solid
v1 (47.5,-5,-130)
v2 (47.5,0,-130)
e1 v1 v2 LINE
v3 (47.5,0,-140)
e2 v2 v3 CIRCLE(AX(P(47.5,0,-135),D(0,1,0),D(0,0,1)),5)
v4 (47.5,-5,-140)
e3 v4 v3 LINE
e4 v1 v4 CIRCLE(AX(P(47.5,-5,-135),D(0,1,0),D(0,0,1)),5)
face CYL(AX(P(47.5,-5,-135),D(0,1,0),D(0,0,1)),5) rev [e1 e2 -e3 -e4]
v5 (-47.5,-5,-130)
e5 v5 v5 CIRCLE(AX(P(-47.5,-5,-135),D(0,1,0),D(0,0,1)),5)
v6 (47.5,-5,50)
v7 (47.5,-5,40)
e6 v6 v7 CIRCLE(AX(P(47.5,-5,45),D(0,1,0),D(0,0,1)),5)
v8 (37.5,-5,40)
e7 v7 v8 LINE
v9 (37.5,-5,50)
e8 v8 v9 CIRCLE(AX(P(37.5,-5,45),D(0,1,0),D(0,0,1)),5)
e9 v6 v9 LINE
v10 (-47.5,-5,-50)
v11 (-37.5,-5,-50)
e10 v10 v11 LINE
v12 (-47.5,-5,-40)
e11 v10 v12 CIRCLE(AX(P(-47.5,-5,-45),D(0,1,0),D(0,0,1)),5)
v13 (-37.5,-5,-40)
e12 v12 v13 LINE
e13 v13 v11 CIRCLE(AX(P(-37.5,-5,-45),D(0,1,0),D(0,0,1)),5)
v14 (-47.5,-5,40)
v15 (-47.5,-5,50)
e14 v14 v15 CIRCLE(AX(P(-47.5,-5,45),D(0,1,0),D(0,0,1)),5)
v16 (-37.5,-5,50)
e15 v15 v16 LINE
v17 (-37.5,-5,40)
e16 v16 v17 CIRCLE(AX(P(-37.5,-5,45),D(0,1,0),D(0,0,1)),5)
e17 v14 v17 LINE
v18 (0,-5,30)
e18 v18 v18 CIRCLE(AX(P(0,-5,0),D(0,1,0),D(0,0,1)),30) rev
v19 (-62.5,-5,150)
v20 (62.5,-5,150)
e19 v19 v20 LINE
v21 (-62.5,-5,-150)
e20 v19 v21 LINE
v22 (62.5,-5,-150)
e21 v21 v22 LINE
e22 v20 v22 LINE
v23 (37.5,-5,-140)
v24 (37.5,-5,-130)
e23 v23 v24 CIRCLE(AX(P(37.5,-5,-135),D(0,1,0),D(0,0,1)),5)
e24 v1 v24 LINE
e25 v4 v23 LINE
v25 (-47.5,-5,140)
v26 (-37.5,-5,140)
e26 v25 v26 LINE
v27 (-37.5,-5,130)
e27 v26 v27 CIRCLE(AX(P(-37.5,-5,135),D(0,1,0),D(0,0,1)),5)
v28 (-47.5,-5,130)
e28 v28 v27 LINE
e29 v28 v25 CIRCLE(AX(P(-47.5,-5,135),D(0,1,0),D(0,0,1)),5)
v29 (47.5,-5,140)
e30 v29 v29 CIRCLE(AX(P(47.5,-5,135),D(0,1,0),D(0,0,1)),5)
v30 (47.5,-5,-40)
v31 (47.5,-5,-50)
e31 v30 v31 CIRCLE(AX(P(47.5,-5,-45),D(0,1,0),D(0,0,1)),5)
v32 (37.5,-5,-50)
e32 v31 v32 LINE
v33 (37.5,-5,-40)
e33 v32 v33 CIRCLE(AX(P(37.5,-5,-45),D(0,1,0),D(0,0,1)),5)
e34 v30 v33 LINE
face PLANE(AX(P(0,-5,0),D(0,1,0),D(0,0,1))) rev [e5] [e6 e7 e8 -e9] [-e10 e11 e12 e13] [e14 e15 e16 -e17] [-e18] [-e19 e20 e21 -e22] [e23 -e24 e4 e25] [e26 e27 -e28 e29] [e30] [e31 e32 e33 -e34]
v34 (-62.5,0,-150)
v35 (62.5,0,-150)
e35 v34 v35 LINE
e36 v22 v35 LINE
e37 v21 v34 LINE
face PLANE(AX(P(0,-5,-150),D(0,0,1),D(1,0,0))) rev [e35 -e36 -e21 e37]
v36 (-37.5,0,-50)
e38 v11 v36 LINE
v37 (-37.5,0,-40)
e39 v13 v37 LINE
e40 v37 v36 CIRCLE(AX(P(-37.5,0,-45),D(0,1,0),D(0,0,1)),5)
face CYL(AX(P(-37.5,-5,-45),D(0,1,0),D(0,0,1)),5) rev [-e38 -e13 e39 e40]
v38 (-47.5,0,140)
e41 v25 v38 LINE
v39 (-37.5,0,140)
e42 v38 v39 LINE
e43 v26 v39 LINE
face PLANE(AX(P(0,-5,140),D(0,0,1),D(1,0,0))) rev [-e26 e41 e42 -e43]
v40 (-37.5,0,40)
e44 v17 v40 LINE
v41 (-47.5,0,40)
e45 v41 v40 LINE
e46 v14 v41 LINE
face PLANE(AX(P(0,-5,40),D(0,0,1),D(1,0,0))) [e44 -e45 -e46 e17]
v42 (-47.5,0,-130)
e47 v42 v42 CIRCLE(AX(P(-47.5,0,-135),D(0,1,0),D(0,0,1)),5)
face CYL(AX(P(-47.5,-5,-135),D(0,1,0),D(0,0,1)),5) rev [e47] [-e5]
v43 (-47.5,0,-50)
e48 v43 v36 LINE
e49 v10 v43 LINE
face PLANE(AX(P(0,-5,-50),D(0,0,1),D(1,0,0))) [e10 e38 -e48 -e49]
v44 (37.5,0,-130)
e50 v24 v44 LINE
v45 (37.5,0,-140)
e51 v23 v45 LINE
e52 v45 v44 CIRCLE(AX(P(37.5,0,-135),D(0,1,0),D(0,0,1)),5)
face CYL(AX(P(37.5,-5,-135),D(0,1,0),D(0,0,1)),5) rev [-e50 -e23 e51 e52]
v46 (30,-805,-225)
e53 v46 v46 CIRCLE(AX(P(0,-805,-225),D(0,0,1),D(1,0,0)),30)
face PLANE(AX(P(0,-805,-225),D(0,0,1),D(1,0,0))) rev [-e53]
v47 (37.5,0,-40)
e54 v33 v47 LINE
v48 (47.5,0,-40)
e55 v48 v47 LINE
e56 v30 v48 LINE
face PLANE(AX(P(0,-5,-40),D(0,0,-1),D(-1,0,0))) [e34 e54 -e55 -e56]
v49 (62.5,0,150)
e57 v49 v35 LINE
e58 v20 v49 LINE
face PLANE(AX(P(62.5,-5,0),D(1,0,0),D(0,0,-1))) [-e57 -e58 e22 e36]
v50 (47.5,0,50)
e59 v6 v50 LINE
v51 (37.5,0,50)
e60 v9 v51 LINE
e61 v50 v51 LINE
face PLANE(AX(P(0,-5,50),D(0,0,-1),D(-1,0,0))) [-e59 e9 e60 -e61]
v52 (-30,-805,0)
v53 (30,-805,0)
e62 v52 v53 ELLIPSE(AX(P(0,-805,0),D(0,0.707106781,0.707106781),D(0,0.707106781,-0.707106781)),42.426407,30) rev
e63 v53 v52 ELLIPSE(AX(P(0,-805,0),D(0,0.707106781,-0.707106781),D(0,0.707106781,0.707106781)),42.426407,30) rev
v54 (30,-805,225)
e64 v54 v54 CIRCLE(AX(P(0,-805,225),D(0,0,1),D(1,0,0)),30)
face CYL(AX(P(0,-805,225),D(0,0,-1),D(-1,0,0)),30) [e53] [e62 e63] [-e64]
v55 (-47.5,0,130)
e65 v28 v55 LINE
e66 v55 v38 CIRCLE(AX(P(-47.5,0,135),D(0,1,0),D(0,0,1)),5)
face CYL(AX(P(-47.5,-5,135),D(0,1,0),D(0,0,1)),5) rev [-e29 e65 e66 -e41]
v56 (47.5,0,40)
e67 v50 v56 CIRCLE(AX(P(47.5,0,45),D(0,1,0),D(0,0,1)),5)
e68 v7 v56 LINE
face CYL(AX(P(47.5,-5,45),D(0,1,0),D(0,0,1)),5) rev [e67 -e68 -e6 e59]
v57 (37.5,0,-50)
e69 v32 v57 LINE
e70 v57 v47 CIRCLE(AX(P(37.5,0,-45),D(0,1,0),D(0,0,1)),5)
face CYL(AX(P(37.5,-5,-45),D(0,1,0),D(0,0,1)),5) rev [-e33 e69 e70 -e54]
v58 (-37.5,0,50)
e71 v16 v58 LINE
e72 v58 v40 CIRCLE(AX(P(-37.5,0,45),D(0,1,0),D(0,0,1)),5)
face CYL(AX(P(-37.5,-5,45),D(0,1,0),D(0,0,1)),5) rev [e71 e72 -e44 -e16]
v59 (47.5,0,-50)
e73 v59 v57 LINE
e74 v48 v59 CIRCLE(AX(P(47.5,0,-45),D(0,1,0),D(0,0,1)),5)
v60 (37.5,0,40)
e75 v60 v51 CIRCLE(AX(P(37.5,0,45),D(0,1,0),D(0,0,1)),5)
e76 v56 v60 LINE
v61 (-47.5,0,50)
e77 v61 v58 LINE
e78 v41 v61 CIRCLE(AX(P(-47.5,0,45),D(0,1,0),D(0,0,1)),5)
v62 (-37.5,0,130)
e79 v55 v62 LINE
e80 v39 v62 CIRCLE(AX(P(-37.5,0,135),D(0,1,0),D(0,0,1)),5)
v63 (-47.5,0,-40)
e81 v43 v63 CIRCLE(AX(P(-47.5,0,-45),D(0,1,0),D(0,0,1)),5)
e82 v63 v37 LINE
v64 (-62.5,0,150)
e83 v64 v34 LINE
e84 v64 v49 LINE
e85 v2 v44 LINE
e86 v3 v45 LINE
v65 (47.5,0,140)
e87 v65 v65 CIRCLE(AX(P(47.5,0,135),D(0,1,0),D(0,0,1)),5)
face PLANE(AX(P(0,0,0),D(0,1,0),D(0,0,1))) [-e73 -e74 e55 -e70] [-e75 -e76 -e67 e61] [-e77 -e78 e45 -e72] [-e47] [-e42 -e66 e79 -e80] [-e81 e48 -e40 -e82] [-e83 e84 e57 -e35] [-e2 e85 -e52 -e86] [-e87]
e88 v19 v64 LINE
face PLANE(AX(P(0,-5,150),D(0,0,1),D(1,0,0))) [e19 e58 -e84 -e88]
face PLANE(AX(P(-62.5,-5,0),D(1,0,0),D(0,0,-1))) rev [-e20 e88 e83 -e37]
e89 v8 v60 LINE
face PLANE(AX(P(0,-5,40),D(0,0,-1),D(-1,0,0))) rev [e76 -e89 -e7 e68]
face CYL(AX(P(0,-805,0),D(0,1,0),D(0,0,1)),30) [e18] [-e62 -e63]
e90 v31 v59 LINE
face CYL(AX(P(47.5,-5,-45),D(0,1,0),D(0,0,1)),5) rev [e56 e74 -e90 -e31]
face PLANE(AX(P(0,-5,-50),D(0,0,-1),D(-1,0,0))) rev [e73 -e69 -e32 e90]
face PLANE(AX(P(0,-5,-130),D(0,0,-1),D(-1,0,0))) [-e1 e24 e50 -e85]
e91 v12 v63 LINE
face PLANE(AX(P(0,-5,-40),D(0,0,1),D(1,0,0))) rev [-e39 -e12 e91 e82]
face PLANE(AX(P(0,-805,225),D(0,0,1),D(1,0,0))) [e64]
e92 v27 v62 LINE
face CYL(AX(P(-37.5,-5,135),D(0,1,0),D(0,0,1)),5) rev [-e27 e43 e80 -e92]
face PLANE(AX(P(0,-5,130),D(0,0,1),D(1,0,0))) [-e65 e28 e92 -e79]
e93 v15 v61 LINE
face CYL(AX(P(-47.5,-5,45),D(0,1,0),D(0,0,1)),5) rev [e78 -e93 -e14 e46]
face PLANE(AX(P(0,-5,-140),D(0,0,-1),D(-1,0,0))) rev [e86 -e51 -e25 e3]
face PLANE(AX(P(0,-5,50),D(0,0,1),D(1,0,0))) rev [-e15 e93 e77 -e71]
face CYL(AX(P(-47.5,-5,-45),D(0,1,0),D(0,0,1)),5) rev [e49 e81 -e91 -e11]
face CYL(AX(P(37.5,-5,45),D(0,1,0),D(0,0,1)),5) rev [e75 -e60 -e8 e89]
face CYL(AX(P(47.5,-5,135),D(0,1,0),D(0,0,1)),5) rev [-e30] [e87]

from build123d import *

# Parameters (mm, degrees)
SKETCH1_W           = 125
SKETCH1_H           = 300
SKETCH1_R           = 5
BOSS_EXTRUDE1_DEPTH = 5
SKETCH2_R           = 30
BOSS_EXTRUDE2_DEPTH = 800
SKETCH3_R           = 30
BOSS_EXTRUDE3_DEPTH = 225


with BuildPart() as part:
    # Sketch1 → Boss-Extrude1 (new body)
    with BuildSketch(Plane(origin=(0, 0, 0), x_dir=(1, 0, 0), z_dir=(0, 1, 0))):
        Rectangle(SKETCH1_W, SKETCH1_H)
        with BuildLine():
            ThreePointArc((-47.5, -140), (-52.5, -135), (-47.5, -130))
            Line((-47.5, -130), (-37.5, -130))
            ThreePointArc((-37.5, -130), (-32.5, -135), (-37.5, -140))
            Line((-37.5, -140), (-47.5, -140))
        make_face(mode=Mode.SUBTRACT)
        with BuildLine():
            ThreePointArc((-47.5, -50), (-52.5, -45), (-47.5, -40))
            Line((-47.5, -40), (-37.5, -40))
            ThreePointArc((-37.5, -40), (-32.5, -45), (-37.5, -50))
            Line((-37.5, -50), (-47.5, -50))
        make_face(mode=Mode.SUBTRACT)
        with Locations((47.5, -135)):
            Circle(SKETCH1_R, mode=Mode.SUBTRACT)
        with BuildLine():
            ThreePointArc((47.5, -40), (52.5, -45), (47.5, -50))
            Line((47.5, -50), (37.5, -50))
            ThreePointArc((37.5, -50), (32.5, -45), (37.5, -40))
            Line((37.5, -40), (47.5, -40))
        make_face(mode=Mode.SUBTRACT)
        with BuildLine():
            ThreePointArc((-47.5, 40), (-52.5, 45), (-47.5, 50))
            Line((-47.5, 50), (-37.5, 50))
            ThreePointArc((-37.5, 50), (-32.5, 45), (-37.5, 40))
            Line((-37.5, 40), (-47.5, 40))
        make_face(mode=Mode.SUBTRACT)
        with Locations((-47.5, 135)):
            Circle(SKETCH1_R, mode=Mode.SUBTRACT)
        with BuildLine():
            ThreePointArc((47.5, 50), (52.5, 45), (47.5, 40))
            Line((47.5, 40), (37.5, 40))
            ThreePointArc((37.5, 40), (32.5, 45), (37.5, 50))
            Line((37.5, 50), (47.5, 50))
        make_face(mode=Mode.SUBTRACT)
        with BuildLine():
            ThreePointArc((47.5, 140), (52.5, 135), (47.5, 130))
            Line((47.5, 130), (37.5, 130))
            ThreePointArc((37.5, 130), (32.5, 135), (37.5, 140))
            Line((37.5, 140), (47.5, 140))
        make_face(mode=Mode.SUBTRACT)
    extrude(amount=-BOSS_EXTRUDE1_DEPTH)

    # Sketch2 → Boss-Extrude2 (add)
    with BuildSketch(Plane(origin=(0, -5, 0), x_dir=(-1, 0, 0), z_dir=(0, -1, 0))):
        Circle(SKETCH2_R)
    extrude(amount=BOSS_EXTRUDE2_DEPTH)

    # Sketch3 → Boss-Extrude3 (add, symmetric)
    with BuildSketch(Plane.XY):
        with Locations((0, -805)):
            Circle(SKETCH3_R)
    extrude(amount=BOSS_EXTRUDE3_DEPTH, both=True)


solid = part.part
